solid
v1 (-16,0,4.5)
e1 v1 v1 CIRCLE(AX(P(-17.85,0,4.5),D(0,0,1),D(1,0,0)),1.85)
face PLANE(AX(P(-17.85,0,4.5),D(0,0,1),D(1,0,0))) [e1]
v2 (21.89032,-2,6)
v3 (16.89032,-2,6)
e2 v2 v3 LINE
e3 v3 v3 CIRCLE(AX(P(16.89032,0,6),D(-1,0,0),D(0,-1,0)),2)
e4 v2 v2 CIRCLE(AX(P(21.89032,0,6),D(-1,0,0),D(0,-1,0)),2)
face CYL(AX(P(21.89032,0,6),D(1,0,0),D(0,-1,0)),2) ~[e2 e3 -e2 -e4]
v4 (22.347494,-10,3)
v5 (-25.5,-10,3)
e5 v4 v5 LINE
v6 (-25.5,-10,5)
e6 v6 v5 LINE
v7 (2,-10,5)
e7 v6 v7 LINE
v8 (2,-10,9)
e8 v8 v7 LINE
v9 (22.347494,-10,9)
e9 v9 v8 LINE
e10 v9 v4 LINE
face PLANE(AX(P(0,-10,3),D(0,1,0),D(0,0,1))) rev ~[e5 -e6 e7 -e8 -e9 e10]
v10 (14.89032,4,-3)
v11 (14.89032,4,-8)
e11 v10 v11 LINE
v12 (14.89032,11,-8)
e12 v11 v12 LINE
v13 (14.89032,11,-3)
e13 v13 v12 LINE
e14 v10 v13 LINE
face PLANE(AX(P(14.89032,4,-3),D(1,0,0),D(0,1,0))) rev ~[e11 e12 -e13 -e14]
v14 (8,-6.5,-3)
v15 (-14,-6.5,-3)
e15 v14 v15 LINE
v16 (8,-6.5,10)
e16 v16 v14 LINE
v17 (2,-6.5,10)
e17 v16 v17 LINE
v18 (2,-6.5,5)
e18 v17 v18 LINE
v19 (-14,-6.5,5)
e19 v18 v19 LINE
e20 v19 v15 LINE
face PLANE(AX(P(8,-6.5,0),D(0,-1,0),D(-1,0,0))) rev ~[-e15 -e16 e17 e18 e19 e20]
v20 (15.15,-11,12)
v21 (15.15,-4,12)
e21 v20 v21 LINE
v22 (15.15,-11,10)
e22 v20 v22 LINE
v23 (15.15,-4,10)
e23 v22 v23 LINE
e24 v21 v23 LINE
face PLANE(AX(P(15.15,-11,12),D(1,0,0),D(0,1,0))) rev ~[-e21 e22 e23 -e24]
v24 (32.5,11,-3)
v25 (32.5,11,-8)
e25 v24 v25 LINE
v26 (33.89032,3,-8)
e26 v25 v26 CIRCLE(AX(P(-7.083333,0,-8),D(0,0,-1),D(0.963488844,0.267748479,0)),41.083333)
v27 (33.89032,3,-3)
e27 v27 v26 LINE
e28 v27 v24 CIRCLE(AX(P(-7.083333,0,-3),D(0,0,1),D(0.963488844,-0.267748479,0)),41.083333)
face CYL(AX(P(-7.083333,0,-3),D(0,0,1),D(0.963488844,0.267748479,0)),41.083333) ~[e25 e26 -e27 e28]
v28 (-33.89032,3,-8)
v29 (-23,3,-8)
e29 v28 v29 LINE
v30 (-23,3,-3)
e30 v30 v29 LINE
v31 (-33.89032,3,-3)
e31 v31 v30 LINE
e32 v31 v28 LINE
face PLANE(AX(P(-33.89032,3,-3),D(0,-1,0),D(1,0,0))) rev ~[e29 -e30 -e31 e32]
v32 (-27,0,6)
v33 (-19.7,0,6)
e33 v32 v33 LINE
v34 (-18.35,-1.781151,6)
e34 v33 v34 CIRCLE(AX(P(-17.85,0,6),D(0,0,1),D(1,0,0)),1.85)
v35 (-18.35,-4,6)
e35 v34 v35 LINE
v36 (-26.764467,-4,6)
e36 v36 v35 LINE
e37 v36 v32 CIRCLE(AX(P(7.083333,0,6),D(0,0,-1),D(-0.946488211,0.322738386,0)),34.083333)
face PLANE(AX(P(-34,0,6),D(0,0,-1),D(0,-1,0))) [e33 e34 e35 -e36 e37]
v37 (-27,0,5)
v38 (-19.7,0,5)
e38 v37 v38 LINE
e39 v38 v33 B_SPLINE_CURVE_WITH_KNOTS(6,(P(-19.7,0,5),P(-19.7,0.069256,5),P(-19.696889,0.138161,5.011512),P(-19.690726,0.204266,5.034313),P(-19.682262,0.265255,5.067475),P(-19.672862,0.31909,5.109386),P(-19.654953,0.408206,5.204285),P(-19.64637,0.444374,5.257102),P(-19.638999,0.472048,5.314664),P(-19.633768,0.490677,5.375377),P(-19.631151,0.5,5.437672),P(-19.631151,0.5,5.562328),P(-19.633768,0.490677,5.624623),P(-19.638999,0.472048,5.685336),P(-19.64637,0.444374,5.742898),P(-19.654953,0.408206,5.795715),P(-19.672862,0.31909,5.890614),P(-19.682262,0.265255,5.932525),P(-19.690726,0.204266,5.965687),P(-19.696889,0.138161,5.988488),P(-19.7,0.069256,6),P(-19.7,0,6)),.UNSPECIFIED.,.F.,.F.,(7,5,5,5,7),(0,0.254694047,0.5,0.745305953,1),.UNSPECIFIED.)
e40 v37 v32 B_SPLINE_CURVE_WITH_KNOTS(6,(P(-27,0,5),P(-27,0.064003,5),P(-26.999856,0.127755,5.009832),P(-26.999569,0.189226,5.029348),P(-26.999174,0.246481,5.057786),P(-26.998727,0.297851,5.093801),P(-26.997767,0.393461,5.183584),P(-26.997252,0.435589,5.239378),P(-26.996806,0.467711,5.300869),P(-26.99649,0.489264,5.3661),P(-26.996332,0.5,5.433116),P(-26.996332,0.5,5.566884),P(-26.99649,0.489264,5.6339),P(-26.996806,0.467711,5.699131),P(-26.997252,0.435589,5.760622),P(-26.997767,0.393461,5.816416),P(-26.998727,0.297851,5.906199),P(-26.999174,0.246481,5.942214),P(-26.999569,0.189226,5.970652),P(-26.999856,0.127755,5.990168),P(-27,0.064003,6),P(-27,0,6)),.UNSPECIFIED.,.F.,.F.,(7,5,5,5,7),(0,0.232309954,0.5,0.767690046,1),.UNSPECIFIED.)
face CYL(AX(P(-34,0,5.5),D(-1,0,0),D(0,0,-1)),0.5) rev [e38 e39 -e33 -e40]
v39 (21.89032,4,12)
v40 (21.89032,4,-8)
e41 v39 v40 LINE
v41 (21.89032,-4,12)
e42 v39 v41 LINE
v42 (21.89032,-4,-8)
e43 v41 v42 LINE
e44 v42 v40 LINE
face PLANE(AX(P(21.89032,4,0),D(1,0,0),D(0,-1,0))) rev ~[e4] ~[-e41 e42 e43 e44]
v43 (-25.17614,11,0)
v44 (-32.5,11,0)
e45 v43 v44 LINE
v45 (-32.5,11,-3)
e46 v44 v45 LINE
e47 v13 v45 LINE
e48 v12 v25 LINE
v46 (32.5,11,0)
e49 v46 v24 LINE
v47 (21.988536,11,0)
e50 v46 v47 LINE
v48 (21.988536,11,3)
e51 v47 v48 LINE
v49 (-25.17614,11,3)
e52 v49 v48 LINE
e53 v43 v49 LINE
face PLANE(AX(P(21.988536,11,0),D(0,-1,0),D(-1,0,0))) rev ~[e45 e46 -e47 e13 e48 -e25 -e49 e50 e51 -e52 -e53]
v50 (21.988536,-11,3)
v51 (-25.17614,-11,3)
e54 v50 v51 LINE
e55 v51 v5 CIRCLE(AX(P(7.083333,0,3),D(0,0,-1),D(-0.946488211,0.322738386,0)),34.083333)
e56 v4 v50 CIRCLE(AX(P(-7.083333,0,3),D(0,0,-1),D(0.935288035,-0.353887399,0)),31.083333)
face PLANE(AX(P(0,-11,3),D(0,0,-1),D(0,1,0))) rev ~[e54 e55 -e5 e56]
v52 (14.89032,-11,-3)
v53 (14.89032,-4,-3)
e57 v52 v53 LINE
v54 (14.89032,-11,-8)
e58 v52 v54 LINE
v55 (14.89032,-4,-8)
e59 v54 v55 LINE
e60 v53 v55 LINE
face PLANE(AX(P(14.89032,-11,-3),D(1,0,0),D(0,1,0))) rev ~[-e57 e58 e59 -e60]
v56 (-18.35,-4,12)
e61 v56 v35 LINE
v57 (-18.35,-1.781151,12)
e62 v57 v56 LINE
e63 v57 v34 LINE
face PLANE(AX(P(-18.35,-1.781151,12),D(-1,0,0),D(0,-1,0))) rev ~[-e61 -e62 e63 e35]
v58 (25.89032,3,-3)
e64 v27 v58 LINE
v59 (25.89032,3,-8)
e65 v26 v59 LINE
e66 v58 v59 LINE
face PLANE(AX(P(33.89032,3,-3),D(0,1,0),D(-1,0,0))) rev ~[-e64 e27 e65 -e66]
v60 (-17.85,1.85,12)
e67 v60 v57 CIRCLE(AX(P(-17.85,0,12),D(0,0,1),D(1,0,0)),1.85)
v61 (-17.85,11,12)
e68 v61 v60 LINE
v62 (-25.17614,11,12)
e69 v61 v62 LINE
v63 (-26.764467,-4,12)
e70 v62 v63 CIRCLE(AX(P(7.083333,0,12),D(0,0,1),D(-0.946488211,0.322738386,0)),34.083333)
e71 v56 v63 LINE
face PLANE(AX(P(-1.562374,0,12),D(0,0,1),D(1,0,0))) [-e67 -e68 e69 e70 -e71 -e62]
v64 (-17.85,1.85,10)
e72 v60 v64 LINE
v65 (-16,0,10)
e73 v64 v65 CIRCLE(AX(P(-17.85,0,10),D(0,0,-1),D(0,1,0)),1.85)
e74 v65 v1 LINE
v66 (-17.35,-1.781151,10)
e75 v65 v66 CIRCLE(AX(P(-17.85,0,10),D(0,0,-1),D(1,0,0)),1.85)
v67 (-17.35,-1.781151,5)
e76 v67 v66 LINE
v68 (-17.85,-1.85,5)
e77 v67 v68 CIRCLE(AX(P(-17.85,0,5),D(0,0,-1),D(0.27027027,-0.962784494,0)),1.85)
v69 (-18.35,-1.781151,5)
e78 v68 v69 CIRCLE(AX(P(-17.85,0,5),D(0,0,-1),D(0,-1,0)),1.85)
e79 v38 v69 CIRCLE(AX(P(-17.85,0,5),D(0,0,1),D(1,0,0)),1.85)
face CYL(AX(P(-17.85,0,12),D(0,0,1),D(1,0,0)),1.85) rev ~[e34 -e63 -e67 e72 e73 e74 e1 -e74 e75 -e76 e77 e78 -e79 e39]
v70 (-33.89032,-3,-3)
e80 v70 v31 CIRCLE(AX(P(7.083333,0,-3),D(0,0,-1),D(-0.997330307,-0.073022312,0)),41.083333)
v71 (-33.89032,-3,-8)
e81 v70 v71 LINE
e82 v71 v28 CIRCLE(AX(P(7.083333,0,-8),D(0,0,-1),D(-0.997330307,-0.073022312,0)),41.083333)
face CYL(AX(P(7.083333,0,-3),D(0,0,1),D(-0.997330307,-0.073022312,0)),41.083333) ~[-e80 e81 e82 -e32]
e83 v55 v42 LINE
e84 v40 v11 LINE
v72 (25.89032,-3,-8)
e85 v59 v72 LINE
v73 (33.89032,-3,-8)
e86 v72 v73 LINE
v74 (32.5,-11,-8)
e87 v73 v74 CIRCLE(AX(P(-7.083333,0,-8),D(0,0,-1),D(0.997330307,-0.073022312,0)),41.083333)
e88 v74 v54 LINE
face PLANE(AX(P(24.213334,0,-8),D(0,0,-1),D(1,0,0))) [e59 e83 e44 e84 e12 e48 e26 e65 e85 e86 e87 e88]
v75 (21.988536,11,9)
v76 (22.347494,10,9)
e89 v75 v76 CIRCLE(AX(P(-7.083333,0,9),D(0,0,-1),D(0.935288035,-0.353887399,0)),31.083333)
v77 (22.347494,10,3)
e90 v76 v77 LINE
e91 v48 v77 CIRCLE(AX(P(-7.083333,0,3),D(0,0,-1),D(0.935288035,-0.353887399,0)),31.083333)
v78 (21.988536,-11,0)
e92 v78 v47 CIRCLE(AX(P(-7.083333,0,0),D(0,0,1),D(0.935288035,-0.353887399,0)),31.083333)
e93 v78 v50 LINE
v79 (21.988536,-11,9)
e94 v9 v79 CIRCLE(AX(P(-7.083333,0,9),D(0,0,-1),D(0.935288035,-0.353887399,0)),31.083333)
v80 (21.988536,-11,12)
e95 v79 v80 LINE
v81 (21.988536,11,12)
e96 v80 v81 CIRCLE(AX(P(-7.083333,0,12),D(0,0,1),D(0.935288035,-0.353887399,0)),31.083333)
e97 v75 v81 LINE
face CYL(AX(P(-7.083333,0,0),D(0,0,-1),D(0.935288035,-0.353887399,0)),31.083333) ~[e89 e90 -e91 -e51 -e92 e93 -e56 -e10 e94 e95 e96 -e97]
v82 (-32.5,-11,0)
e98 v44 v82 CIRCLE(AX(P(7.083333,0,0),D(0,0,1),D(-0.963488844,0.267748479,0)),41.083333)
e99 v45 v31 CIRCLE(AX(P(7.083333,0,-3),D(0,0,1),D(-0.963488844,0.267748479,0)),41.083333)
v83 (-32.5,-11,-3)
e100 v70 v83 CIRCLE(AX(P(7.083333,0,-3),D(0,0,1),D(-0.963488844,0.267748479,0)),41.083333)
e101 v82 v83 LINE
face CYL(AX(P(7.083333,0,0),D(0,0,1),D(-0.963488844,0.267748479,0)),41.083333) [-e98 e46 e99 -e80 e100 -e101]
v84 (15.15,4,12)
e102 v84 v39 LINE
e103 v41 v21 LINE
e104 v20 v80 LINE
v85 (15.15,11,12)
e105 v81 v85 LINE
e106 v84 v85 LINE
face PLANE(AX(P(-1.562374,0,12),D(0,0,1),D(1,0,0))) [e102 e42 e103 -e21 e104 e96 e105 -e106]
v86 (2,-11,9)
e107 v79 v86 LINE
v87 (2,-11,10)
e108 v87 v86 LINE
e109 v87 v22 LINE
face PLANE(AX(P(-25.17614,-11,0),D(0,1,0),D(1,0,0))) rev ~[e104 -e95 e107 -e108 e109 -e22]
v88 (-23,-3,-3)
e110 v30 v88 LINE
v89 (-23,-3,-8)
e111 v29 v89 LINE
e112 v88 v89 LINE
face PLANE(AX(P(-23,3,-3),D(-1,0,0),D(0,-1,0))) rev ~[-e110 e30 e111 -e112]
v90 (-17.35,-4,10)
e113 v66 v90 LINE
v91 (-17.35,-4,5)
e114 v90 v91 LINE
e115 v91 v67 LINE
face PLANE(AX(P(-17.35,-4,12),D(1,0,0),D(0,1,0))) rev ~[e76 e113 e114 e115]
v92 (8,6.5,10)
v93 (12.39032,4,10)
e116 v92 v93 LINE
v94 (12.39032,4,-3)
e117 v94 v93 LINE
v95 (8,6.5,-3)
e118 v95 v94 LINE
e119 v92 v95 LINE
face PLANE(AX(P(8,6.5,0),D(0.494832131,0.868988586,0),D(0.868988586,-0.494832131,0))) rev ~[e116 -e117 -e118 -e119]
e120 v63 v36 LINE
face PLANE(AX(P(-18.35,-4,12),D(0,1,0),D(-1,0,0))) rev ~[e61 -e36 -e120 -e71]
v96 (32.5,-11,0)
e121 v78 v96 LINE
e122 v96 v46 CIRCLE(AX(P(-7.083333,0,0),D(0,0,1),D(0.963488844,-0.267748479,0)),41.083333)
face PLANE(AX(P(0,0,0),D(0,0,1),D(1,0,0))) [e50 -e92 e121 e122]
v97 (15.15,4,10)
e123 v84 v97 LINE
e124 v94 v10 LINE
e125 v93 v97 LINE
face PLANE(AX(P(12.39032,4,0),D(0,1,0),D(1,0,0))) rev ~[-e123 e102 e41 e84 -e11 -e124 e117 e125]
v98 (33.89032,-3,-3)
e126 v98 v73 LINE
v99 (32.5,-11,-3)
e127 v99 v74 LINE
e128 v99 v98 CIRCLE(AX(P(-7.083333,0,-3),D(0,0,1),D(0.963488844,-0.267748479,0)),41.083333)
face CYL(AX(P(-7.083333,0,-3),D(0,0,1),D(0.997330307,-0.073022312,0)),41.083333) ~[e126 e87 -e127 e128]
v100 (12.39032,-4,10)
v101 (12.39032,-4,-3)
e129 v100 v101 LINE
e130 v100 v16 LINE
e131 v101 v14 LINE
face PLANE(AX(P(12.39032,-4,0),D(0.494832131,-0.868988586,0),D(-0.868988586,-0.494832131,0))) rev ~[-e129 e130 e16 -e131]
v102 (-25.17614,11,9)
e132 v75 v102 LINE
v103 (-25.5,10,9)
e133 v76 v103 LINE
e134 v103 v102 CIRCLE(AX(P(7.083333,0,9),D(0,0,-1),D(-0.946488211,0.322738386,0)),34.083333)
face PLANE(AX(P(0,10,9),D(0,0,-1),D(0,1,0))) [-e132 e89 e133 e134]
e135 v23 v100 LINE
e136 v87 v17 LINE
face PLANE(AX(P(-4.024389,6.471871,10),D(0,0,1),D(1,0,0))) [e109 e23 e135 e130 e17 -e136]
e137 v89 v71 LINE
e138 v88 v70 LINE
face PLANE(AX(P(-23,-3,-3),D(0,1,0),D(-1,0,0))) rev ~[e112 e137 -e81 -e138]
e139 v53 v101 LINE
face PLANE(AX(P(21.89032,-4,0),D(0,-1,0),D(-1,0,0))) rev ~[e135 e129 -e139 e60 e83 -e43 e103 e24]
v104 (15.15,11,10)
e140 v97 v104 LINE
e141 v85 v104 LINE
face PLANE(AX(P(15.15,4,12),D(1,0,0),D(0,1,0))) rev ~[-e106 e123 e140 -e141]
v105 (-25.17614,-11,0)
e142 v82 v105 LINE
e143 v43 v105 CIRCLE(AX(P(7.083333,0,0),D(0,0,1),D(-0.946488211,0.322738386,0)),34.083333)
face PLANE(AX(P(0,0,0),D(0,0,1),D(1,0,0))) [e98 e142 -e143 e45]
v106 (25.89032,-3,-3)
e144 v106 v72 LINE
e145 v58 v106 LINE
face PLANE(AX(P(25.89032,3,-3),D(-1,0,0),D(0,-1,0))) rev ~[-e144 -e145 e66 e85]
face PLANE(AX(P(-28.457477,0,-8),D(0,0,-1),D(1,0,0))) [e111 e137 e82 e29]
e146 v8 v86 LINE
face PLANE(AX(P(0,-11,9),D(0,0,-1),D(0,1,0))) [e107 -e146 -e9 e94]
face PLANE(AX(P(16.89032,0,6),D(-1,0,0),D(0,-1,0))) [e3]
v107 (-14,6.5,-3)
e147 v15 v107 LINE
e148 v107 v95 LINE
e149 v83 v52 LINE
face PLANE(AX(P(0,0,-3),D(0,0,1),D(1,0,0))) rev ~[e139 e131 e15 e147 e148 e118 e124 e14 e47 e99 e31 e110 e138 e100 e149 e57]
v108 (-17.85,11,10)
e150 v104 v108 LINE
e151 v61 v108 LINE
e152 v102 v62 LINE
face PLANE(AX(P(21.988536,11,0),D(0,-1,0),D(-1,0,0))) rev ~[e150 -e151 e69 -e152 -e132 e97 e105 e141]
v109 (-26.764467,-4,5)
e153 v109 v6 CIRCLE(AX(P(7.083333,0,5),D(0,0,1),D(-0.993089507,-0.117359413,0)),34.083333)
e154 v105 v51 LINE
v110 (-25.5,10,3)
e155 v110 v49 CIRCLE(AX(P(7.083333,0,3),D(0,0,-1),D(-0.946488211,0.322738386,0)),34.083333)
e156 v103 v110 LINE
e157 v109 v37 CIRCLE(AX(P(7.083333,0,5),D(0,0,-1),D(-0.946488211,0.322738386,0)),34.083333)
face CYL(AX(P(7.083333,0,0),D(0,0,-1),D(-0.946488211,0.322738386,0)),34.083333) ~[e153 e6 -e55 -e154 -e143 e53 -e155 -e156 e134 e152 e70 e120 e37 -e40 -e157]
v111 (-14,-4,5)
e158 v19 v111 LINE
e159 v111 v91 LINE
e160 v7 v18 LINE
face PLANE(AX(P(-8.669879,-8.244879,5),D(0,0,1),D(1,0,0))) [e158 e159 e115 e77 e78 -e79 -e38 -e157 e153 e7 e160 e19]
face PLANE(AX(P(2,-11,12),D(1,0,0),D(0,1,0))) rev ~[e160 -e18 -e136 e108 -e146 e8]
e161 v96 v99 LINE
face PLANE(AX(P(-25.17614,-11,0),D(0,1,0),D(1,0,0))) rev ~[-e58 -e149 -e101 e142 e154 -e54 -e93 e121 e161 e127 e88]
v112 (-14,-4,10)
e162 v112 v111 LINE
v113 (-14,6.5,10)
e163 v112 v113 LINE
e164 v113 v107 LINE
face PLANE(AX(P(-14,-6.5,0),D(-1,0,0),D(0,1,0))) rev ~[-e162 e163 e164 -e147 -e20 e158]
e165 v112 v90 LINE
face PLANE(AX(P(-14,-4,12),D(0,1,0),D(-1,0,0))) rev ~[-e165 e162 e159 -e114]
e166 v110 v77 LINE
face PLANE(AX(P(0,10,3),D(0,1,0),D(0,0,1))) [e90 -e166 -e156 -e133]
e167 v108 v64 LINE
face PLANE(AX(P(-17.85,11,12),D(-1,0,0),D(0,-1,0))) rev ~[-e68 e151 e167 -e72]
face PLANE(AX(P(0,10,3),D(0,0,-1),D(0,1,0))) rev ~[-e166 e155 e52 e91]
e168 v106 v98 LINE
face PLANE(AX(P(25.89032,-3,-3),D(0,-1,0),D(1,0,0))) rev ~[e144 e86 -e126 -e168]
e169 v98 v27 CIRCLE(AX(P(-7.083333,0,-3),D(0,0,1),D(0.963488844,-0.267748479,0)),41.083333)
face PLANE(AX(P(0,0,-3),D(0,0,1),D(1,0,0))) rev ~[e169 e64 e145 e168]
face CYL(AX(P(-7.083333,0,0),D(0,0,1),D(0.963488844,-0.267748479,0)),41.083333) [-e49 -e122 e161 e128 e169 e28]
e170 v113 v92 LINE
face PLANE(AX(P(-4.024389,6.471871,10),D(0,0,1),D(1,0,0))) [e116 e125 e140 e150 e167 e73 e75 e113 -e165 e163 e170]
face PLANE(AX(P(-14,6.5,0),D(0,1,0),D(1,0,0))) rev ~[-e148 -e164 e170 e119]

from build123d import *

# Parameters (mm, degrees)
F1_DEPTH      = 3
F3_DEPTH      = 5
F5_DEPTH      = 3.001
F7_DEPTH      = 12
F8_W          = 1
F8_H          = 6
F9_DEPTH      = 34.001
F9_DEPTH_BACK = 34.001
F10_R         = 1.85
F11_DEPTH     = 7.5
F13_DEPTH     = 2
F14_DEPTH     = 7
F18_DEPTH     = 16.65
F19_R         = 2
F20_DEPTH     = 5


with BuildPart() as f1:
    # F0 (on Top) → F1 (new body)
    with BuildSketch(Plane.XY):
        with BuildLine():
            ThreePointArc((32.5, -11), (34, 0), (32.5, 11))
            Line((32.5, 11), (-32.5, 11))
            ThreePointArc((-32.5, 11), (-34, 0), (-32.5, -11))
            Line((-32.5, -11), (32.5, -11))
        make_face()
    extrude(amount=-F1_DEPTH)

    # F2 (on face) → F3 (join)
    with BuildSketch(Plane(origin=(0, 0, -3), x_dir=(1, 0, 0), z_dir=(0, 0, -1))):
        with BuildLine():
            Line((-23, 3), (-33.8903201257, 3))
            ThreePointArc((-33.8903201257, 3), (-34, 0), (-33.8903201257, -3))
            Line((-33.8903201257, -3), (-23, -3))
            Line((-23, -3), (-23, 0))
            Line((-23, 0), (-23, 3))
        make_face()
        with BuildLine():
            Line((25.8903201257, 3), (33.8903201257, 3))
            ThreePointArc((33.8903201257, 3), (33.3932899234, 7.0344329916), (32.5, 11))
            Line((32.5, 11), (14.8903201257, 11))
            Line((14.8903201257, 11), (14.8903201257, 4))
            Line((14.8903201257, 4), (21.8903201257, 4))
            Line((21.8903201257, 4), (21.8903201257, 0))
            Line((21.8903201257, 0), (21.8903201257, -4))
            Line((21.8903201257, -4), (14.8903201257, -4))
            Line((14.8903201257, -4), (14.8903201257, -11))
            Line((14.8903201257, -11), (32.5, -11))
            ThreePointArc((32.5, -11), (33.3932899234, -7.0344329916), (33.8903201257, -3))
            Line((33.8903201257, -3), (25.8903201257, -3))
            Line((25.8903201257, -3), (25.8903201257, 0))
            Line((25.8903201257, 0), (25.8903201257, 3))
        make_face()
    extrude(amount=F3_DEPTH)

    # F4 (on face) → F5 (cut, through all)
    with BuildSketch(Plane(origin=(0, 0, -3), x_dir=(1, 0, 0), z_dir=(0, 0, -1))):
        Polygon((21.8903201257, -4), (21.8903201257, 4), (14.8903201257, 4), (12.3903201257, 4), (8, 6.5), (-14, 6.5), (-14, 0), (-14, -6.5), (8, -6.5), (12.3903201257, -4), (14.8903201257, -4), align=None)
    extrude(amount=-F5_DEPTH, mode=Mode.SUBTRACT)

    # F6 (on face) → F7 (join)
    with BuildSketch(Plane.XY):
        with BuildLine():
            Line((21.9885364227, 11), (-25.1761398662, 11))
            ThreePointArc((-25.1761398662, 11), (-27, 0), (-25.1761398662, -11))
            Line((-25.1761398662, -11), (21.9885364227, -11))
            ThreePointArc((21.9885364227, -11), (24, 0), (21.9885364227, 11))
        make_face()
        Polygon((12.3903201257, 4), (21.8903201257, 4), (21.8903201257, -4), (12.3903201257, -4), (8, -6.5), (-14, -6.5), (-14, 6.5), (8, 6.5), align=None, mode=Mode.SUBTRACT)
    extrude(amount=F7_DEPTH)

    # F8 (on Right) → F9 (cut, two sides)
    with BuildSketch(Plane.YZ) as f9_sk:
        with Locations((-10.5, 6)):
            Rectangle(F8_W, F8_H)
        with Locations((10.5, 6)):
            Rectangle(F8_W, F8_H)
    extrude(amount=-F9_DEPTH, mode=Mode.SUBTRACT)
    extrude(f9_sk.sketch, amount=F9_DEPTH_BACK, mode=Mode.SUBTRACT)

    # F10 (on face) → F11 (cut)
    with BuildSketch(Plane.XY.offset(12)):
        with Locations((-17.85, 0)):
            Circle(F10_R)
    extrude(amount=-F11_DEPTH, mode=Mode.SUBTRACT)

    # F12 (on face) → F13 (cut)
    with BuildSketch(Plane.XY.offset(12)):
        with BuildLine():
            Line((15.15, 11), (-17.85, 11))
            Line((-17.85, 11), (-17.85, 1.85))
            ThreePointArc((-17.85, 1.85), (-16.5418524548, 1.3081475452), (-16, 0))
            ThreePointArc((-16, 0), (-16.3756357302, -1.1174748319), (-17.35, -1.7811513131))
            Line((-17.35, -1.7811513131), (-17.35, -4))
            Line((-17.35, -4), (-14, -4))
            Line((-14, -4), (-14, 6.5))
            Line((-14, 6.5), (8, 6.5))
            Line((8, 6.5), (12.3903201257, 4))
            Line((12.3903201257, 4), (15.15, 4))
            Line((15.15, 4), (15.15, 11))
        make_face()
        Polygon((-17.35, -4), (-17.85, -4), (-17.85, -11), (2, -11), (2, -6.5), (-14, -6.5), (-14, -4), align=None)
        Polygon((15.15, -11), (15.15, -4), (12.3903201257, -4), (8, -6.5), (2, -6.5), (2, -11), align=None)
    extrude(amount=-F13_DEPTH, mode=Mode.SUBTRACT)

    # F12 (on face) → F14 (cut)
    with BuildSketch(Plane.XY.offset(12)):
        Polygon((-17.35, -4), (-17.85, -4), (-17.85, -11), (2, -11), (2, -6.5), (-14, -6.5), (-14, -4), align=None)
        with BuildLine():
            Line((-18.35, -4), (-26.7644673502, -4))
            ThreePointArc((-26.7644673502, -4), (-26.1550919462, -7.5419291994), (-25.1761398662, -11))
            Line((-25.1761398662, -11), (-17.85, -11))
            Line((-17.85, -11), (-17.85, -4))
            Line((-17.85, -4), (-18.35, -4))
        make_face()
        with BuildLine():
            ThreePointArc((-17.35, -1.7811513131), (-17.5976410584, -1.8327070046), (-17.85, -1.85))
            Line((-17.85, -1.85), (-17.85, -4))
            Line((-17.85, -4), (-17.35, -4))
            Line((-17.35, -4), (-17.35, -1.7811513131))
        make_face()
        with BuildLine():
            ThreePointArc((-17.85, -1.85), (-18.1023589416, -1.8327070046), (-18.35, -1.7811513131))
            Line((-18.35, -1.7811513131), (-18.35, -4))
            Line((-18.35, -4), (-17.85, -4))
            Line((-17.85, -4), (-17.85, -1.85))
        make_face()
    extrude(amount=-F14_DEPTH, mode=Mode.SUBTRACT)

    # F17 (on plane+point) → F18 (cut, through all)
    with BuildSketch(Plane.YZ.offset(-34)):
        with BuildLine():
            Line((-4, 6), (-4, 5))
            Line((-4, 5), (0, 5))
            ThreePointArc((0, 5), (0.5, 5.5), (0, 6))
            Line((0, 6), (-4, 6))
        make_face()
    extrude(amount=F18_DEPTH, mode=Mode.SUBTRACT)

    # F19 (on face) → F20 (join)
    with BuildSketch(Plane(origin=(21.8903201257, 0, 0), x_dir=(0, -1, 0), z_dir=(-1, 0, 0))):
        with Locations((0, 6)):
            Circle(F19_R)
    extrude(amount=F20_DEPTH)


solid = f1.part
